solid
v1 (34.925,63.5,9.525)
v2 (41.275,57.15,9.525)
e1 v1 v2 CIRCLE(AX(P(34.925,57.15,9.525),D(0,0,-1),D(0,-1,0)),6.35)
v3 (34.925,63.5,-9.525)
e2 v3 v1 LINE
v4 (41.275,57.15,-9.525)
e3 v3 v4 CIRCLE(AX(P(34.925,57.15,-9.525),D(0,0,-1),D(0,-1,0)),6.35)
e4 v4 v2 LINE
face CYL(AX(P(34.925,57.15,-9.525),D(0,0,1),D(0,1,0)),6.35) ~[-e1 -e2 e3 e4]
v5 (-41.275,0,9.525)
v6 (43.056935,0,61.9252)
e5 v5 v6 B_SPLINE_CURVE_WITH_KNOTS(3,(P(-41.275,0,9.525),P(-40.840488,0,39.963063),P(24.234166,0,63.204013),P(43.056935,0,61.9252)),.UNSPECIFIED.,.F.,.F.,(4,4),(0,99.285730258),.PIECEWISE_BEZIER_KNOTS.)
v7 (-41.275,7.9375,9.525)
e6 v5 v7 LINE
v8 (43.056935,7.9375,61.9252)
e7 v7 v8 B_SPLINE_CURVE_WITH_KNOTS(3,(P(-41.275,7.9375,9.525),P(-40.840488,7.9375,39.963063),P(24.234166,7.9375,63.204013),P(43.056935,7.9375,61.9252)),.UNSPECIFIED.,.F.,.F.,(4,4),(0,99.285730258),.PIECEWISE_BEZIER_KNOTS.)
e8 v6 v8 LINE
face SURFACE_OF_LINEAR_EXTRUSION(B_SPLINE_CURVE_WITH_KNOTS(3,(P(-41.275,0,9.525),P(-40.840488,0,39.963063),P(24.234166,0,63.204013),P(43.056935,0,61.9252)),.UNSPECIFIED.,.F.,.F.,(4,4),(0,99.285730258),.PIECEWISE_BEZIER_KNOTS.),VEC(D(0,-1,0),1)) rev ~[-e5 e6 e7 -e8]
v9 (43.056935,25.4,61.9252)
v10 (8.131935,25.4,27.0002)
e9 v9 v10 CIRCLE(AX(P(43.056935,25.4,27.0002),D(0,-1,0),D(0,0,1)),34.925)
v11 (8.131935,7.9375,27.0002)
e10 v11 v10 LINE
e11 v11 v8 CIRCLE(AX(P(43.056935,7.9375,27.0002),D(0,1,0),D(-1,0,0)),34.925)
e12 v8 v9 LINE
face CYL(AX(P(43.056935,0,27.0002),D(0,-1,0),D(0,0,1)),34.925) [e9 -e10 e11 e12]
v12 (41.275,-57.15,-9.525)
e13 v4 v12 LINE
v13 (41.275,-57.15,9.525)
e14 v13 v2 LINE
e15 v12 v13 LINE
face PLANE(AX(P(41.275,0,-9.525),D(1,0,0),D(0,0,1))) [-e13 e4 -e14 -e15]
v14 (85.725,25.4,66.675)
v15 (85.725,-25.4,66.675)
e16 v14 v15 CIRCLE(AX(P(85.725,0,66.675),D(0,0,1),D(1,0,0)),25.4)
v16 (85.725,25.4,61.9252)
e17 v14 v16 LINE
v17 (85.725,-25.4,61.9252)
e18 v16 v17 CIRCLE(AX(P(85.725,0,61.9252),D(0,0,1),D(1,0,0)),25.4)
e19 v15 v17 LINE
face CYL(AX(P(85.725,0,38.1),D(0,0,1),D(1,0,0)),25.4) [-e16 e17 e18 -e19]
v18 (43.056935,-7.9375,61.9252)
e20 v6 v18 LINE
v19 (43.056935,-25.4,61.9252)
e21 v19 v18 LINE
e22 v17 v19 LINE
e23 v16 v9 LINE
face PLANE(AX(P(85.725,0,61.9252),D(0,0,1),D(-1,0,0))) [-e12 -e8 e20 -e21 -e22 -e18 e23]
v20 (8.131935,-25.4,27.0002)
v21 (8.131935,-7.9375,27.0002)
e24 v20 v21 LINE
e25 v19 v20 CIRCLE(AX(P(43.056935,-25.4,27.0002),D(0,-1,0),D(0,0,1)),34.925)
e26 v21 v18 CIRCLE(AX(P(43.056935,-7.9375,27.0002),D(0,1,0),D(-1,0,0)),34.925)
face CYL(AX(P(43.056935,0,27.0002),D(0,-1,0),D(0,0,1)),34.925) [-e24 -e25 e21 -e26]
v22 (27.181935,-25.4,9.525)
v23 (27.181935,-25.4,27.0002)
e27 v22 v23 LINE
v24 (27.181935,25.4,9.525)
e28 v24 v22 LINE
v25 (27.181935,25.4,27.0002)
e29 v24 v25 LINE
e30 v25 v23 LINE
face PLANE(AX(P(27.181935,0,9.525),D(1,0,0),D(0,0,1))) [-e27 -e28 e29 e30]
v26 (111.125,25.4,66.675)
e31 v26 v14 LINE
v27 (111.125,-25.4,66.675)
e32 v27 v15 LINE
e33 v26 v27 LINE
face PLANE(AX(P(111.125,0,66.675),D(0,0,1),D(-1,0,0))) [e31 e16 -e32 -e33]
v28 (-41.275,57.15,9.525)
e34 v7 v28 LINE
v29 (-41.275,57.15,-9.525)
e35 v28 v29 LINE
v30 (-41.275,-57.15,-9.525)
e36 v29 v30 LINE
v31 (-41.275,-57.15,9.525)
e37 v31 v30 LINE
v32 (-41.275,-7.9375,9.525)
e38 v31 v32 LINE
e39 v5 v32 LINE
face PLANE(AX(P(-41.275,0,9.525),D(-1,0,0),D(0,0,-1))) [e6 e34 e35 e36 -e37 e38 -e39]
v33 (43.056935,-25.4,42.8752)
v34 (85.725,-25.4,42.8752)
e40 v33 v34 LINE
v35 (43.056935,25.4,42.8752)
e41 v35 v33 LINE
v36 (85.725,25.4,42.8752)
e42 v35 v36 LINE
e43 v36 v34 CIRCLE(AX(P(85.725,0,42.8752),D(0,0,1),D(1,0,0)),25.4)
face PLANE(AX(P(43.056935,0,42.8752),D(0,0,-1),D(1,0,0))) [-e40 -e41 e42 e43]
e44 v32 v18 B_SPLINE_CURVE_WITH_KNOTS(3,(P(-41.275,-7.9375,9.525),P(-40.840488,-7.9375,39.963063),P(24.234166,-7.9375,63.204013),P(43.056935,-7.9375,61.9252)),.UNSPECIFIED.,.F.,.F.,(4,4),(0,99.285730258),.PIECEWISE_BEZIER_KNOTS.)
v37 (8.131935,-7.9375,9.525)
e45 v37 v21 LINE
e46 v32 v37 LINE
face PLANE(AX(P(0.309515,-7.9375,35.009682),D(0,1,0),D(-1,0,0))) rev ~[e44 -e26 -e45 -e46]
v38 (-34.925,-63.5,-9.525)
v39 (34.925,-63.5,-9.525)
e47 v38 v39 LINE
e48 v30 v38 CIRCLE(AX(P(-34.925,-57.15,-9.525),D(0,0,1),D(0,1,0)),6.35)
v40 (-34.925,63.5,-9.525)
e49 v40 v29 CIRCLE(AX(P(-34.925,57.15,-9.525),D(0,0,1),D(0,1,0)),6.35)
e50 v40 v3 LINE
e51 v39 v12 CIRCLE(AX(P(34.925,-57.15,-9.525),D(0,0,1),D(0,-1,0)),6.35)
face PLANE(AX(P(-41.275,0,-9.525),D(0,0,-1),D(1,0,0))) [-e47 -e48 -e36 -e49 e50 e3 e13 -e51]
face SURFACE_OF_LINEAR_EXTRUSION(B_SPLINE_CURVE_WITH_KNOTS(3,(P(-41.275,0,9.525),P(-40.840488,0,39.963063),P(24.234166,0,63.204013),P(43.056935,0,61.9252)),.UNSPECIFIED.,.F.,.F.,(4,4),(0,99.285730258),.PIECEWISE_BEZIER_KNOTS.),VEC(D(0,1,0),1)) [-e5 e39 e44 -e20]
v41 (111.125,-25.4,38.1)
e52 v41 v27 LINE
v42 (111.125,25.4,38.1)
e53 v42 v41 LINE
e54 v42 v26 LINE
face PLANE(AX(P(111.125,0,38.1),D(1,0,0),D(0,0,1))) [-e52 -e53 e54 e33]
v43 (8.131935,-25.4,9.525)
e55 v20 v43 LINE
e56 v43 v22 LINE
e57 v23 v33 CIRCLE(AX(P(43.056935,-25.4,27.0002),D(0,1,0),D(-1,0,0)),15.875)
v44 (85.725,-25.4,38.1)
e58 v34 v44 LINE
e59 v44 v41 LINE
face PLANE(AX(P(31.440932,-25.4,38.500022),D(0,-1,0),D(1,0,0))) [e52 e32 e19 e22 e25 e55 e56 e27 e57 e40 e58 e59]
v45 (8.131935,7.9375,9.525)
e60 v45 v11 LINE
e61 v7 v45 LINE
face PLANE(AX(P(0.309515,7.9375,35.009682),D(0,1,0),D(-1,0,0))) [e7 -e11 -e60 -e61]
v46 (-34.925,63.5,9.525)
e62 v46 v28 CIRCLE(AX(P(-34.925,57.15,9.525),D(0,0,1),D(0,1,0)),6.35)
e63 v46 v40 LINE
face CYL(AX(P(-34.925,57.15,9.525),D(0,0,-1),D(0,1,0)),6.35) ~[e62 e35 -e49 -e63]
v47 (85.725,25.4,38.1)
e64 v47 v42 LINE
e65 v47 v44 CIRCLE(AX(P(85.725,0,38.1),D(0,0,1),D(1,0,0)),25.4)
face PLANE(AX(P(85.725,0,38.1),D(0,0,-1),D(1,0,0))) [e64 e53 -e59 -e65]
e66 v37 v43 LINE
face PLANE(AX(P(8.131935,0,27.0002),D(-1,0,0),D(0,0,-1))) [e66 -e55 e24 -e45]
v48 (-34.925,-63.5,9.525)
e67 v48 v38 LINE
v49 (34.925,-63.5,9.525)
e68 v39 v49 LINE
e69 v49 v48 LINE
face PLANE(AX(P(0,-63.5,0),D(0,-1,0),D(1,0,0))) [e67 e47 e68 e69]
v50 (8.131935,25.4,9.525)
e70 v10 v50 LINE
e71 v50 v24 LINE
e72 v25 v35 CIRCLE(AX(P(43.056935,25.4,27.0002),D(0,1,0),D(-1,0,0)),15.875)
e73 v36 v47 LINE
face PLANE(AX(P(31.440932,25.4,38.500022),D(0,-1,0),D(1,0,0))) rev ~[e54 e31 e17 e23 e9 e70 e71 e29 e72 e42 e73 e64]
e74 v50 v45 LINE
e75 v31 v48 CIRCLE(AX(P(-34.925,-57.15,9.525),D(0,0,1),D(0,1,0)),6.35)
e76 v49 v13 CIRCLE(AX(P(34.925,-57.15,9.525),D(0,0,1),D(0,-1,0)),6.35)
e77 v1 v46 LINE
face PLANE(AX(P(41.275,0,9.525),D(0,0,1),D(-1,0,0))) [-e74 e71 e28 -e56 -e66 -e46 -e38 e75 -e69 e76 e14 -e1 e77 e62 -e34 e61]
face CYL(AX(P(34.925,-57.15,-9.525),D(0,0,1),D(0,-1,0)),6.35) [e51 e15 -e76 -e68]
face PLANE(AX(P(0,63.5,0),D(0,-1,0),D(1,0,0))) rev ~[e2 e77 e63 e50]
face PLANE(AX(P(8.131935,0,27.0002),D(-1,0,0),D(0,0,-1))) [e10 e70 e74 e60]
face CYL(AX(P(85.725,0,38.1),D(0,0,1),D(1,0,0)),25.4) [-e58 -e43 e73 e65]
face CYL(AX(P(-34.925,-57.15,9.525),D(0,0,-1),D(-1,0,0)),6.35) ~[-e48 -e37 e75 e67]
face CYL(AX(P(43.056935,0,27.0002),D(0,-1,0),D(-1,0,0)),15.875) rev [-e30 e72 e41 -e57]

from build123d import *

# Parameters (mm, degrees)
F1_DEPTH = 63.5
F0_W     = 25.4
F0_H     = 19.05
F2_DEPTH = 25.4
F3_DEPTH = 7.9375
F5_R     = 6.35


with BuildPart() as f1:
    # F0 (on Front) → F1 (new body, symmetric)
    with BuildSketch(Plane.XZ):
        Polygon((8.1319350704, 9.525), (-41.275, 9.525), (-41.275, -9.525), (41.275, -9.525), (41.275, 9.525), (27.1819350704, 9.525), align=None)
    extrude(amount=F1_DEPTH, both=True)

    # F0 (on Front) → F2 (join, symmetric)
    with BuildSketch(Plane.XZ):
        with BuildLine():
            Line((8.1319350704, 27.0002), (8.1319350704, 9.525))
            Line((8.1319350704, 9.525), (27.1819350704, 9.525))
            Line((27.1819350704, 9.525), (27.1819350704, 27.0002))
            ThreePointArc((27.1819350704, 27.0002), (31.8316149191, 38.2255201513), (43.0569350704, 42.8752))
            Line((43.0569350704, 42.8752), (60.325, 42.8752))
            Line((60.325, 42.8752), (60.325, 61.9252))
            Line((60.325, 61.9252), (43.0569350704, 61.9252))
            ThreePointArc((43.0569350704, 61.9252), (18.3612307375, 51.6959043329), (8.1319350704, 27.0002))
        make_face()
        Polygon((85.725, 66.675), (85.725, 61.9252), (85.725, 42.8752), (85.725, 38.1), (111.125, 38.1), (111.125, 66.675), align=None)
        with Locations((73.025, 52.4002)):
            Rectangle(F0_W, F0_H)
    extrude(amount=F2_DEPTH, both=True)

    # F0 (on Front) → F3 (join, symmetric)
    with BuildSketch(Plane.XZ):
        with BuildLine():
            add(Edge.make_bspline(
                [(-41.275, 9.525), (-40.8404879272, 39.9630628526), (24.2341663688, 63.2040128112), (43.0569350704, 61.9252)],
                knots=[0, 0, 0, 0, 99.2857302575, 99.2857302575, 99.2857302575, 99.2857302575], degree=3))
            Line((-41.275, 9.525), (8.1319350704, 9.525))
            Line((8.1319350704, 9.525), (8.1319350704, 27.0002))
            ThreePointArc((8.1319350704, 27.0002), (18.3612307375, 51.6959043329), (43.0569350704, 61.9252))
        make_face()
    extrude(amount=F3_DEPTH, both=True)

    # F0 (on Front) → F4 (revolve)
    with BuildSketch(Plane.XZ):
        Polygon((85.725, 66.675), (85.725, 61.9252), (85.725, 42.8752), (85.725, 38.1), (111.125, 38.1), (111.125, 66.675), align=None)
    revolve(axis=Axis((85.725, 0, 52.3875), (0, 0, 1)))

    # F5
    f5_edges = [f1.edges().sort_by_distance(p)[0] for p in [
        (-41.275, -63.5, 0),
        (41.275, -63.5, 0),
        (41.275, 63.5, 0),
        (-41.275, 63.5, 0),
    ]]
    fillet(f5_edges, radius=F5_R)


solid = f1.part
